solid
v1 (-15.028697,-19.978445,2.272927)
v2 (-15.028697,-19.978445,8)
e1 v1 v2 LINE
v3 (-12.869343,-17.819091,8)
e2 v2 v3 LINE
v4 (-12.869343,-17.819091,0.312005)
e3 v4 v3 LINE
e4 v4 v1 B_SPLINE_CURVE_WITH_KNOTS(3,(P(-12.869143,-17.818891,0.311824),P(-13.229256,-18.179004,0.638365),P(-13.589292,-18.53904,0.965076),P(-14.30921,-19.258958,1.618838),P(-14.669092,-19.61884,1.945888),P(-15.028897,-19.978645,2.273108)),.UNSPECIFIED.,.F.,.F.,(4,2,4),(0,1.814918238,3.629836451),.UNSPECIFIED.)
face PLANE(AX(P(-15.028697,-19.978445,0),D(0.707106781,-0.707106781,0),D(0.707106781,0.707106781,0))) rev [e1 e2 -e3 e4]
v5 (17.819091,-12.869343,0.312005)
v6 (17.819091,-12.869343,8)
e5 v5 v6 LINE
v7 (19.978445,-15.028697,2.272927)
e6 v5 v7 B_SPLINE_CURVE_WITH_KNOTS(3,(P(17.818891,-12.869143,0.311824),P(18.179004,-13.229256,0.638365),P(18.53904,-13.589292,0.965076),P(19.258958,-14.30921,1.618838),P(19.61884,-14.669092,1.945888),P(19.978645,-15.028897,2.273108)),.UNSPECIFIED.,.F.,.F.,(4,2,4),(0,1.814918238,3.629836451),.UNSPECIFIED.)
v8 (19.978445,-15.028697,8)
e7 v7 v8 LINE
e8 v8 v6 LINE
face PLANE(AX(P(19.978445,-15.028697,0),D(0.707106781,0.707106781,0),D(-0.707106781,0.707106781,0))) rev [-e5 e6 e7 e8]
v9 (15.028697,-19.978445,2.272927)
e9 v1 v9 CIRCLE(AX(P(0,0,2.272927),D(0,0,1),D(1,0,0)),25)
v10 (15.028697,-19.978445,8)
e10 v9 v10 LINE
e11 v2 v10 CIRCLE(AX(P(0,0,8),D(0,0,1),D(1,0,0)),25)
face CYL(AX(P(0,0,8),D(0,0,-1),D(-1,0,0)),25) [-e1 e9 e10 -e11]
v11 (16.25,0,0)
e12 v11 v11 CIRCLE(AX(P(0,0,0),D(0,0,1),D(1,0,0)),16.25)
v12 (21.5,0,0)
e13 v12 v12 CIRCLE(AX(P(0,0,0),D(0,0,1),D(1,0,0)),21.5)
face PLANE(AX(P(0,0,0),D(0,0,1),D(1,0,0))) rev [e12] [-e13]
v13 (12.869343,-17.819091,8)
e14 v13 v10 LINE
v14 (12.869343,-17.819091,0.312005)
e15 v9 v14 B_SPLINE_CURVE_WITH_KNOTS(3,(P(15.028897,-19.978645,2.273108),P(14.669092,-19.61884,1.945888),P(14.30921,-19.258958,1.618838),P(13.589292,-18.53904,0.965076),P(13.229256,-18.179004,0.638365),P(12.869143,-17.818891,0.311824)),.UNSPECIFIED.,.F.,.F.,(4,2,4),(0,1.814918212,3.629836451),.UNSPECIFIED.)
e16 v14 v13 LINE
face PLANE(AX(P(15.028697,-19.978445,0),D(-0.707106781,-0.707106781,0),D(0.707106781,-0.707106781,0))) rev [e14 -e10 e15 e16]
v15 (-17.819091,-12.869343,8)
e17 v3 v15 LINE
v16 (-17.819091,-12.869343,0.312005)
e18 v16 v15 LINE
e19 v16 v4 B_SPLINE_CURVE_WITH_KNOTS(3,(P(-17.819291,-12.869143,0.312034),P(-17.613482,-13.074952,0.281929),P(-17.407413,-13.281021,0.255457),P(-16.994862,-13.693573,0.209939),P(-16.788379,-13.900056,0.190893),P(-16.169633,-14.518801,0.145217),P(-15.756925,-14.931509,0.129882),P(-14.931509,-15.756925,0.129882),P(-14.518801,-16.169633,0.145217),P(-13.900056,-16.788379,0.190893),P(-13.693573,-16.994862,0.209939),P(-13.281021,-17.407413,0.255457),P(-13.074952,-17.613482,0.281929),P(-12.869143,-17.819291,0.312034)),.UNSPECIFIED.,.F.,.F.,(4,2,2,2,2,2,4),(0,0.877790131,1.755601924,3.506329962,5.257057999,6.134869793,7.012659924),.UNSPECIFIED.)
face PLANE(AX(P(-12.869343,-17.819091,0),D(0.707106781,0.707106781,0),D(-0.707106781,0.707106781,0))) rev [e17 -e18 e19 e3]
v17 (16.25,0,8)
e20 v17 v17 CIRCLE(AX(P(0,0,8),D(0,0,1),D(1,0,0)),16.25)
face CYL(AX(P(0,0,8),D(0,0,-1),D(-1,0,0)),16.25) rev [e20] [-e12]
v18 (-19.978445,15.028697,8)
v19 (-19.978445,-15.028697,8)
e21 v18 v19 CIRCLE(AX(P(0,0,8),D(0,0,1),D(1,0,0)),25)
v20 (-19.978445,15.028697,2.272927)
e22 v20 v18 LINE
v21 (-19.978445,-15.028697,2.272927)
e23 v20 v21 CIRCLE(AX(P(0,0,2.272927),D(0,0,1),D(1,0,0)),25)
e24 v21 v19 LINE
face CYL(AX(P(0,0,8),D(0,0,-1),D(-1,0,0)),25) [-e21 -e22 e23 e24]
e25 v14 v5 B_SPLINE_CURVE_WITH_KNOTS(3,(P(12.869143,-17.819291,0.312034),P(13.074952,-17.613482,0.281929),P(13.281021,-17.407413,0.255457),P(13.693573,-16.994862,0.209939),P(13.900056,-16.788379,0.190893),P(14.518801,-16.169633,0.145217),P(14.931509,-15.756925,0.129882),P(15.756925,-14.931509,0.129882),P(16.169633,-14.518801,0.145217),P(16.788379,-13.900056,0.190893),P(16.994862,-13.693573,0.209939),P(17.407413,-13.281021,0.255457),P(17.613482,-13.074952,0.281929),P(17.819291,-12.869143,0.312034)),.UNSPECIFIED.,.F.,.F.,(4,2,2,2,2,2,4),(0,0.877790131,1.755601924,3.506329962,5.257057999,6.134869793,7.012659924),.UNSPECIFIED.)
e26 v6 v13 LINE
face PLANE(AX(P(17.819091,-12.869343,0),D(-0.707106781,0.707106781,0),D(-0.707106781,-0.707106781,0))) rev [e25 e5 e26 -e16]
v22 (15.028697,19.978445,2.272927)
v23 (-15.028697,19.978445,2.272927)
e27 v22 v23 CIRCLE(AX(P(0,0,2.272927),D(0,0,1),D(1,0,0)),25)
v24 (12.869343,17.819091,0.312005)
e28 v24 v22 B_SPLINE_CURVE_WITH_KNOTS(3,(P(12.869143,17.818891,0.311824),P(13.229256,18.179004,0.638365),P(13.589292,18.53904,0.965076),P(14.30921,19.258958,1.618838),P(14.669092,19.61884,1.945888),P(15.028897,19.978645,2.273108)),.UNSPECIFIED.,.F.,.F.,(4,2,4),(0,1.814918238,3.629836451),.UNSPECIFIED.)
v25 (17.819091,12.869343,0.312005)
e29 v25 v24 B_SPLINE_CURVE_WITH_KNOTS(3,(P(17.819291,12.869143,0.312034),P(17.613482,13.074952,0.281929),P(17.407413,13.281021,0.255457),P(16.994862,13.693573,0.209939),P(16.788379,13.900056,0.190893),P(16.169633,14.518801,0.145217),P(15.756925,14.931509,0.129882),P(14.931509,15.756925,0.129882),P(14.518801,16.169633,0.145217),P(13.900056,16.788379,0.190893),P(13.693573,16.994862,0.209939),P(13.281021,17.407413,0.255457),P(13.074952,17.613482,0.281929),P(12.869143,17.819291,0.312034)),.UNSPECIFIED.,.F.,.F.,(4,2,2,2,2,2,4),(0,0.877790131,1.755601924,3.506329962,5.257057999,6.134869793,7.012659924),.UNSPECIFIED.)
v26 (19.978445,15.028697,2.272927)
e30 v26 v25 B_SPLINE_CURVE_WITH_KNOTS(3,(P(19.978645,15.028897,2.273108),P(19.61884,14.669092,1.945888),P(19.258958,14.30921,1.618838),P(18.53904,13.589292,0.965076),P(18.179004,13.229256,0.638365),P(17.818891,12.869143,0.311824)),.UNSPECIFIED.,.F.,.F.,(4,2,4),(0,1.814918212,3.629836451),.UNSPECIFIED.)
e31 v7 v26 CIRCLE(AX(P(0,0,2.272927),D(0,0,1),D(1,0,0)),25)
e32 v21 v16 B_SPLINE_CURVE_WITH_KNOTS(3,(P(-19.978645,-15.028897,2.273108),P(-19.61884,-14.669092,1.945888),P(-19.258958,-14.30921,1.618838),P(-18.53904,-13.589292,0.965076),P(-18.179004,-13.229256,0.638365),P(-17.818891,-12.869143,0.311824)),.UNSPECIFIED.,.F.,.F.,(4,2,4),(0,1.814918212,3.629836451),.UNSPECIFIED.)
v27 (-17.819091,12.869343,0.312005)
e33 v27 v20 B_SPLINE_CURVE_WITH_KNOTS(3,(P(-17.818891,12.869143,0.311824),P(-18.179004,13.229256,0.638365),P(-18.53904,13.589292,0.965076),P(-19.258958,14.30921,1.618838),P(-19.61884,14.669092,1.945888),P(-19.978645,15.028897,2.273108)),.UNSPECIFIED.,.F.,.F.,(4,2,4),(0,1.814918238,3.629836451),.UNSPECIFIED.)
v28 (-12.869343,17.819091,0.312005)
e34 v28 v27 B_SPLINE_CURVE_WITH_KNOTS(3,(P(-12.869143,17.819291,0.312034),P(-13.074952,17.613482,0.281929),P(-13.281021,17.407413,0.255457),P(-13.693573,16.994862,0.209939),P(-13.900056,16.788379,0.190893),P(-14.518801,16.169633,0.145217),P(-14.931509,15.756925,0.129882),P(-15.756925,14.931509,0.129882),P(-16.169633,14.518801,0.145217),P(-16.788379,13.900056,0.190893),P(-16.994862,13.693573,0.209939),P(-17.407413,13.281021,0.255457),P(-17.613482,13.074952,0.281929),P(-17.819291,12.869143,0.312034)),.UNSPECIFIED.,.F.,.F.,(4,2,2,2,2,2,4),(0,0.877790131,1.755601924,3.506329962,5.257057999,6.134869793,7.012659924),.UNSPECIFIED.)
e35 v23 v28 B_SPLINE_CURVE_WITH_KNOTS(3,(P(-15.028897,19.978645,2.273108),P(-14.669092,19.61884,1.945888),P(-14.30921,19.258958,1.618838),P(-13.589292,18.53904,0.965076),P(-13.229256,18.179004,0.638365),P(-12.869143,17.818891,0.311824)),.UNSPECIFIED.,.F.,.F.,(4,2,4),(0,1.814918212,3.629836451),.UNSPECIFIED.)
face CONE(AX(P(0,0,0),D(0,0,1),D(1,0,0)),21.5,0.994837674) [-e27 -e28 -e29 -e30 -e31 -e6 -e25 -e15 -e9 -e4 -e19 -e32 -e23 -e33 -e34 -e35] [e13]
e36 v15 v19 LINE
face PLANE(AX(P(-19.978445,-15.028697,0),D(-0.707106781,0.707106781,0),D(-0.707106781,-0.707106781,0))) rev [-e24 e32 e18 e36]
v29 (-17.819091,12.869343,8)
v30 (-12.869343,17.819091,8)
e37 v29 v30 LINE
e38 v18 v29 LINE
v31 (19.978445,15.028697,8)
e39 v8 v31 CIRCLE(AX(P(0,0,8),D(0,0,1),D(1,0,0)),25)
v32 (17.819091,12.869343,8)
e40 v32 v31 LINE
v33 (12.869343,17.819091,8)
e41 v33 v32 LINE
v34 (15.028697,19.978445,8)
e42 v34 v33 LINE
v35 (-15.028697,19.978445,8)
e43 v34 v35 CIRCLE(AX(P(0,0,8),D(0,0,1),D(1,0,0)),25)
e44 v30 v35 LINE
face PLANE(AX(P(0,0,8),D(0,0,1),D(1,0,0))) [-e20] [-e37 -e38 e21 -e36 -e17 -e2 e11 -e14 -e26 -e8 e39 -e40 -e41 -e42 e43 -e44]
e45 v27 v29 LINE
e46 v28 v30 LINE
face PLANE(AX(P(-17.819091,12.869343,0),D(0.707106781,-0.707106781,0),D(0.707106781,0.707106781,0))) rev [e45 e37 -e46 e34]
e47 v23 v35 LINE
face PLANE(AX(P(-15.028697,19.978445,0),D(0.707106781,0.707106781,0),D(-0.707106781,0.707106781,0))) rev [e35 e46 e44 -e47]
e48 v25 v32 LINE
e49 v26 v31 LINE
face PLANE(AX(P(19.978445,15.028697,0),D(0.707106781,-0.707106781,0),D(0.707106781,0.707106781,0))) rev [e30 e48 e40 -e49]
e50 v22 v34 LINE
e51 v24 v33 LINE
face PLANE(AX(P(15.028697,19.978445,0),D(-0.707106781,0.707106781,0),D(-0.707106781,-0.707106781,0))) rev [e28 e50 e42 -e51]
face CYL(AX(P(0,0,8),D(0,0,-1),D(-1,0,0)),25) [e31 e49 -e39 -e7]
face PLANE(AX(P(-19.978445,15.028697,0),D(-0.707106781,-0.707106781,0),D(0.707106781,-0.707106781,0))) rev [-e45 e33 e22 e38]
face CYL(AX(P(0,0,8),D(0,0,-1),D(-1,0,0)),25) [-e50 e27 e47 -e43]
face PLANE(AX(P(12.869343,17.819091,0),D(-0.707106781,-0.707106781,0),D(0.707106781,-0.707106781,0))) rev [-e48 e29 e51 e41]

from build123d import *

# Parameters (mm, degrees)
SKETCH1_R          = 25
SKETCH1_R_2        = 16.25
EXTRUDE1_DEPTH     = 8
CUT_EXTRUDE1_DEPTH = 9
CIRPATTERN1_COUNT  = 4


with BuildPart() as part:
    # Sketch1 → Extrude1 (new body)
    with BuildSketch(Plane.XY):
        Circle(SKETCH1_R)
        Circle(SKETCH1_R_2, mode=Mode.SUBTRACT)
    extrude(amount=EXTRUDE1_DEPTH)

    # Sketch2 → Cut-Extrude1 (cut, through all)
    with BuildSketch(Plane.XY.offset(8)):
        with BuildLine():
            Line((15.02869733, 19.978444798), (12.869343418, 17.819090886))
            Line((12.869343418, 17.819090886), (17.819090886, 12.869343418))
            Line((17.819090886, 12.869343418), (19.978444798, 15.02869733))
            ThreePointArc((19.978444798, 15.02869733), (17.67766953, 17.67766953), (15.02869733, 19.978444798))
        make_face()
    cut_extrude1 = extrude(amount=-CUT_EXTRUDE1_DEPTH, mode=Mode.SUBTRACT)

    # CirPattern1: Cut-Extrude1 ×4 about axis
    cirpattern1_axis = Axis((0, 0, 0), (0, 0, 1))
    for i in range(1, CIRPATTERN1_COUNT):
        add(cut_extrude1.rotate(cirpattern1_axis, i * 360 / CIRPATTERN1_COUNT), mode=Mode.SUBTRACT)

    # Sketch3 → Cut-Revolve1 (revolve, cut)
    with BuildSketch(Plane(origin=(0, 0, 0), x_dir=(1, 0, 0), z_dir=(0, 1, 0))):
        Polygon((25, 0), (21.5, 0), (25, -2.272926576), align=None)
    revolve(axis=Axis((0, 0, 0), (0, 0, -1)), mode=Mode.SUBTRACT)


solid = part.part
